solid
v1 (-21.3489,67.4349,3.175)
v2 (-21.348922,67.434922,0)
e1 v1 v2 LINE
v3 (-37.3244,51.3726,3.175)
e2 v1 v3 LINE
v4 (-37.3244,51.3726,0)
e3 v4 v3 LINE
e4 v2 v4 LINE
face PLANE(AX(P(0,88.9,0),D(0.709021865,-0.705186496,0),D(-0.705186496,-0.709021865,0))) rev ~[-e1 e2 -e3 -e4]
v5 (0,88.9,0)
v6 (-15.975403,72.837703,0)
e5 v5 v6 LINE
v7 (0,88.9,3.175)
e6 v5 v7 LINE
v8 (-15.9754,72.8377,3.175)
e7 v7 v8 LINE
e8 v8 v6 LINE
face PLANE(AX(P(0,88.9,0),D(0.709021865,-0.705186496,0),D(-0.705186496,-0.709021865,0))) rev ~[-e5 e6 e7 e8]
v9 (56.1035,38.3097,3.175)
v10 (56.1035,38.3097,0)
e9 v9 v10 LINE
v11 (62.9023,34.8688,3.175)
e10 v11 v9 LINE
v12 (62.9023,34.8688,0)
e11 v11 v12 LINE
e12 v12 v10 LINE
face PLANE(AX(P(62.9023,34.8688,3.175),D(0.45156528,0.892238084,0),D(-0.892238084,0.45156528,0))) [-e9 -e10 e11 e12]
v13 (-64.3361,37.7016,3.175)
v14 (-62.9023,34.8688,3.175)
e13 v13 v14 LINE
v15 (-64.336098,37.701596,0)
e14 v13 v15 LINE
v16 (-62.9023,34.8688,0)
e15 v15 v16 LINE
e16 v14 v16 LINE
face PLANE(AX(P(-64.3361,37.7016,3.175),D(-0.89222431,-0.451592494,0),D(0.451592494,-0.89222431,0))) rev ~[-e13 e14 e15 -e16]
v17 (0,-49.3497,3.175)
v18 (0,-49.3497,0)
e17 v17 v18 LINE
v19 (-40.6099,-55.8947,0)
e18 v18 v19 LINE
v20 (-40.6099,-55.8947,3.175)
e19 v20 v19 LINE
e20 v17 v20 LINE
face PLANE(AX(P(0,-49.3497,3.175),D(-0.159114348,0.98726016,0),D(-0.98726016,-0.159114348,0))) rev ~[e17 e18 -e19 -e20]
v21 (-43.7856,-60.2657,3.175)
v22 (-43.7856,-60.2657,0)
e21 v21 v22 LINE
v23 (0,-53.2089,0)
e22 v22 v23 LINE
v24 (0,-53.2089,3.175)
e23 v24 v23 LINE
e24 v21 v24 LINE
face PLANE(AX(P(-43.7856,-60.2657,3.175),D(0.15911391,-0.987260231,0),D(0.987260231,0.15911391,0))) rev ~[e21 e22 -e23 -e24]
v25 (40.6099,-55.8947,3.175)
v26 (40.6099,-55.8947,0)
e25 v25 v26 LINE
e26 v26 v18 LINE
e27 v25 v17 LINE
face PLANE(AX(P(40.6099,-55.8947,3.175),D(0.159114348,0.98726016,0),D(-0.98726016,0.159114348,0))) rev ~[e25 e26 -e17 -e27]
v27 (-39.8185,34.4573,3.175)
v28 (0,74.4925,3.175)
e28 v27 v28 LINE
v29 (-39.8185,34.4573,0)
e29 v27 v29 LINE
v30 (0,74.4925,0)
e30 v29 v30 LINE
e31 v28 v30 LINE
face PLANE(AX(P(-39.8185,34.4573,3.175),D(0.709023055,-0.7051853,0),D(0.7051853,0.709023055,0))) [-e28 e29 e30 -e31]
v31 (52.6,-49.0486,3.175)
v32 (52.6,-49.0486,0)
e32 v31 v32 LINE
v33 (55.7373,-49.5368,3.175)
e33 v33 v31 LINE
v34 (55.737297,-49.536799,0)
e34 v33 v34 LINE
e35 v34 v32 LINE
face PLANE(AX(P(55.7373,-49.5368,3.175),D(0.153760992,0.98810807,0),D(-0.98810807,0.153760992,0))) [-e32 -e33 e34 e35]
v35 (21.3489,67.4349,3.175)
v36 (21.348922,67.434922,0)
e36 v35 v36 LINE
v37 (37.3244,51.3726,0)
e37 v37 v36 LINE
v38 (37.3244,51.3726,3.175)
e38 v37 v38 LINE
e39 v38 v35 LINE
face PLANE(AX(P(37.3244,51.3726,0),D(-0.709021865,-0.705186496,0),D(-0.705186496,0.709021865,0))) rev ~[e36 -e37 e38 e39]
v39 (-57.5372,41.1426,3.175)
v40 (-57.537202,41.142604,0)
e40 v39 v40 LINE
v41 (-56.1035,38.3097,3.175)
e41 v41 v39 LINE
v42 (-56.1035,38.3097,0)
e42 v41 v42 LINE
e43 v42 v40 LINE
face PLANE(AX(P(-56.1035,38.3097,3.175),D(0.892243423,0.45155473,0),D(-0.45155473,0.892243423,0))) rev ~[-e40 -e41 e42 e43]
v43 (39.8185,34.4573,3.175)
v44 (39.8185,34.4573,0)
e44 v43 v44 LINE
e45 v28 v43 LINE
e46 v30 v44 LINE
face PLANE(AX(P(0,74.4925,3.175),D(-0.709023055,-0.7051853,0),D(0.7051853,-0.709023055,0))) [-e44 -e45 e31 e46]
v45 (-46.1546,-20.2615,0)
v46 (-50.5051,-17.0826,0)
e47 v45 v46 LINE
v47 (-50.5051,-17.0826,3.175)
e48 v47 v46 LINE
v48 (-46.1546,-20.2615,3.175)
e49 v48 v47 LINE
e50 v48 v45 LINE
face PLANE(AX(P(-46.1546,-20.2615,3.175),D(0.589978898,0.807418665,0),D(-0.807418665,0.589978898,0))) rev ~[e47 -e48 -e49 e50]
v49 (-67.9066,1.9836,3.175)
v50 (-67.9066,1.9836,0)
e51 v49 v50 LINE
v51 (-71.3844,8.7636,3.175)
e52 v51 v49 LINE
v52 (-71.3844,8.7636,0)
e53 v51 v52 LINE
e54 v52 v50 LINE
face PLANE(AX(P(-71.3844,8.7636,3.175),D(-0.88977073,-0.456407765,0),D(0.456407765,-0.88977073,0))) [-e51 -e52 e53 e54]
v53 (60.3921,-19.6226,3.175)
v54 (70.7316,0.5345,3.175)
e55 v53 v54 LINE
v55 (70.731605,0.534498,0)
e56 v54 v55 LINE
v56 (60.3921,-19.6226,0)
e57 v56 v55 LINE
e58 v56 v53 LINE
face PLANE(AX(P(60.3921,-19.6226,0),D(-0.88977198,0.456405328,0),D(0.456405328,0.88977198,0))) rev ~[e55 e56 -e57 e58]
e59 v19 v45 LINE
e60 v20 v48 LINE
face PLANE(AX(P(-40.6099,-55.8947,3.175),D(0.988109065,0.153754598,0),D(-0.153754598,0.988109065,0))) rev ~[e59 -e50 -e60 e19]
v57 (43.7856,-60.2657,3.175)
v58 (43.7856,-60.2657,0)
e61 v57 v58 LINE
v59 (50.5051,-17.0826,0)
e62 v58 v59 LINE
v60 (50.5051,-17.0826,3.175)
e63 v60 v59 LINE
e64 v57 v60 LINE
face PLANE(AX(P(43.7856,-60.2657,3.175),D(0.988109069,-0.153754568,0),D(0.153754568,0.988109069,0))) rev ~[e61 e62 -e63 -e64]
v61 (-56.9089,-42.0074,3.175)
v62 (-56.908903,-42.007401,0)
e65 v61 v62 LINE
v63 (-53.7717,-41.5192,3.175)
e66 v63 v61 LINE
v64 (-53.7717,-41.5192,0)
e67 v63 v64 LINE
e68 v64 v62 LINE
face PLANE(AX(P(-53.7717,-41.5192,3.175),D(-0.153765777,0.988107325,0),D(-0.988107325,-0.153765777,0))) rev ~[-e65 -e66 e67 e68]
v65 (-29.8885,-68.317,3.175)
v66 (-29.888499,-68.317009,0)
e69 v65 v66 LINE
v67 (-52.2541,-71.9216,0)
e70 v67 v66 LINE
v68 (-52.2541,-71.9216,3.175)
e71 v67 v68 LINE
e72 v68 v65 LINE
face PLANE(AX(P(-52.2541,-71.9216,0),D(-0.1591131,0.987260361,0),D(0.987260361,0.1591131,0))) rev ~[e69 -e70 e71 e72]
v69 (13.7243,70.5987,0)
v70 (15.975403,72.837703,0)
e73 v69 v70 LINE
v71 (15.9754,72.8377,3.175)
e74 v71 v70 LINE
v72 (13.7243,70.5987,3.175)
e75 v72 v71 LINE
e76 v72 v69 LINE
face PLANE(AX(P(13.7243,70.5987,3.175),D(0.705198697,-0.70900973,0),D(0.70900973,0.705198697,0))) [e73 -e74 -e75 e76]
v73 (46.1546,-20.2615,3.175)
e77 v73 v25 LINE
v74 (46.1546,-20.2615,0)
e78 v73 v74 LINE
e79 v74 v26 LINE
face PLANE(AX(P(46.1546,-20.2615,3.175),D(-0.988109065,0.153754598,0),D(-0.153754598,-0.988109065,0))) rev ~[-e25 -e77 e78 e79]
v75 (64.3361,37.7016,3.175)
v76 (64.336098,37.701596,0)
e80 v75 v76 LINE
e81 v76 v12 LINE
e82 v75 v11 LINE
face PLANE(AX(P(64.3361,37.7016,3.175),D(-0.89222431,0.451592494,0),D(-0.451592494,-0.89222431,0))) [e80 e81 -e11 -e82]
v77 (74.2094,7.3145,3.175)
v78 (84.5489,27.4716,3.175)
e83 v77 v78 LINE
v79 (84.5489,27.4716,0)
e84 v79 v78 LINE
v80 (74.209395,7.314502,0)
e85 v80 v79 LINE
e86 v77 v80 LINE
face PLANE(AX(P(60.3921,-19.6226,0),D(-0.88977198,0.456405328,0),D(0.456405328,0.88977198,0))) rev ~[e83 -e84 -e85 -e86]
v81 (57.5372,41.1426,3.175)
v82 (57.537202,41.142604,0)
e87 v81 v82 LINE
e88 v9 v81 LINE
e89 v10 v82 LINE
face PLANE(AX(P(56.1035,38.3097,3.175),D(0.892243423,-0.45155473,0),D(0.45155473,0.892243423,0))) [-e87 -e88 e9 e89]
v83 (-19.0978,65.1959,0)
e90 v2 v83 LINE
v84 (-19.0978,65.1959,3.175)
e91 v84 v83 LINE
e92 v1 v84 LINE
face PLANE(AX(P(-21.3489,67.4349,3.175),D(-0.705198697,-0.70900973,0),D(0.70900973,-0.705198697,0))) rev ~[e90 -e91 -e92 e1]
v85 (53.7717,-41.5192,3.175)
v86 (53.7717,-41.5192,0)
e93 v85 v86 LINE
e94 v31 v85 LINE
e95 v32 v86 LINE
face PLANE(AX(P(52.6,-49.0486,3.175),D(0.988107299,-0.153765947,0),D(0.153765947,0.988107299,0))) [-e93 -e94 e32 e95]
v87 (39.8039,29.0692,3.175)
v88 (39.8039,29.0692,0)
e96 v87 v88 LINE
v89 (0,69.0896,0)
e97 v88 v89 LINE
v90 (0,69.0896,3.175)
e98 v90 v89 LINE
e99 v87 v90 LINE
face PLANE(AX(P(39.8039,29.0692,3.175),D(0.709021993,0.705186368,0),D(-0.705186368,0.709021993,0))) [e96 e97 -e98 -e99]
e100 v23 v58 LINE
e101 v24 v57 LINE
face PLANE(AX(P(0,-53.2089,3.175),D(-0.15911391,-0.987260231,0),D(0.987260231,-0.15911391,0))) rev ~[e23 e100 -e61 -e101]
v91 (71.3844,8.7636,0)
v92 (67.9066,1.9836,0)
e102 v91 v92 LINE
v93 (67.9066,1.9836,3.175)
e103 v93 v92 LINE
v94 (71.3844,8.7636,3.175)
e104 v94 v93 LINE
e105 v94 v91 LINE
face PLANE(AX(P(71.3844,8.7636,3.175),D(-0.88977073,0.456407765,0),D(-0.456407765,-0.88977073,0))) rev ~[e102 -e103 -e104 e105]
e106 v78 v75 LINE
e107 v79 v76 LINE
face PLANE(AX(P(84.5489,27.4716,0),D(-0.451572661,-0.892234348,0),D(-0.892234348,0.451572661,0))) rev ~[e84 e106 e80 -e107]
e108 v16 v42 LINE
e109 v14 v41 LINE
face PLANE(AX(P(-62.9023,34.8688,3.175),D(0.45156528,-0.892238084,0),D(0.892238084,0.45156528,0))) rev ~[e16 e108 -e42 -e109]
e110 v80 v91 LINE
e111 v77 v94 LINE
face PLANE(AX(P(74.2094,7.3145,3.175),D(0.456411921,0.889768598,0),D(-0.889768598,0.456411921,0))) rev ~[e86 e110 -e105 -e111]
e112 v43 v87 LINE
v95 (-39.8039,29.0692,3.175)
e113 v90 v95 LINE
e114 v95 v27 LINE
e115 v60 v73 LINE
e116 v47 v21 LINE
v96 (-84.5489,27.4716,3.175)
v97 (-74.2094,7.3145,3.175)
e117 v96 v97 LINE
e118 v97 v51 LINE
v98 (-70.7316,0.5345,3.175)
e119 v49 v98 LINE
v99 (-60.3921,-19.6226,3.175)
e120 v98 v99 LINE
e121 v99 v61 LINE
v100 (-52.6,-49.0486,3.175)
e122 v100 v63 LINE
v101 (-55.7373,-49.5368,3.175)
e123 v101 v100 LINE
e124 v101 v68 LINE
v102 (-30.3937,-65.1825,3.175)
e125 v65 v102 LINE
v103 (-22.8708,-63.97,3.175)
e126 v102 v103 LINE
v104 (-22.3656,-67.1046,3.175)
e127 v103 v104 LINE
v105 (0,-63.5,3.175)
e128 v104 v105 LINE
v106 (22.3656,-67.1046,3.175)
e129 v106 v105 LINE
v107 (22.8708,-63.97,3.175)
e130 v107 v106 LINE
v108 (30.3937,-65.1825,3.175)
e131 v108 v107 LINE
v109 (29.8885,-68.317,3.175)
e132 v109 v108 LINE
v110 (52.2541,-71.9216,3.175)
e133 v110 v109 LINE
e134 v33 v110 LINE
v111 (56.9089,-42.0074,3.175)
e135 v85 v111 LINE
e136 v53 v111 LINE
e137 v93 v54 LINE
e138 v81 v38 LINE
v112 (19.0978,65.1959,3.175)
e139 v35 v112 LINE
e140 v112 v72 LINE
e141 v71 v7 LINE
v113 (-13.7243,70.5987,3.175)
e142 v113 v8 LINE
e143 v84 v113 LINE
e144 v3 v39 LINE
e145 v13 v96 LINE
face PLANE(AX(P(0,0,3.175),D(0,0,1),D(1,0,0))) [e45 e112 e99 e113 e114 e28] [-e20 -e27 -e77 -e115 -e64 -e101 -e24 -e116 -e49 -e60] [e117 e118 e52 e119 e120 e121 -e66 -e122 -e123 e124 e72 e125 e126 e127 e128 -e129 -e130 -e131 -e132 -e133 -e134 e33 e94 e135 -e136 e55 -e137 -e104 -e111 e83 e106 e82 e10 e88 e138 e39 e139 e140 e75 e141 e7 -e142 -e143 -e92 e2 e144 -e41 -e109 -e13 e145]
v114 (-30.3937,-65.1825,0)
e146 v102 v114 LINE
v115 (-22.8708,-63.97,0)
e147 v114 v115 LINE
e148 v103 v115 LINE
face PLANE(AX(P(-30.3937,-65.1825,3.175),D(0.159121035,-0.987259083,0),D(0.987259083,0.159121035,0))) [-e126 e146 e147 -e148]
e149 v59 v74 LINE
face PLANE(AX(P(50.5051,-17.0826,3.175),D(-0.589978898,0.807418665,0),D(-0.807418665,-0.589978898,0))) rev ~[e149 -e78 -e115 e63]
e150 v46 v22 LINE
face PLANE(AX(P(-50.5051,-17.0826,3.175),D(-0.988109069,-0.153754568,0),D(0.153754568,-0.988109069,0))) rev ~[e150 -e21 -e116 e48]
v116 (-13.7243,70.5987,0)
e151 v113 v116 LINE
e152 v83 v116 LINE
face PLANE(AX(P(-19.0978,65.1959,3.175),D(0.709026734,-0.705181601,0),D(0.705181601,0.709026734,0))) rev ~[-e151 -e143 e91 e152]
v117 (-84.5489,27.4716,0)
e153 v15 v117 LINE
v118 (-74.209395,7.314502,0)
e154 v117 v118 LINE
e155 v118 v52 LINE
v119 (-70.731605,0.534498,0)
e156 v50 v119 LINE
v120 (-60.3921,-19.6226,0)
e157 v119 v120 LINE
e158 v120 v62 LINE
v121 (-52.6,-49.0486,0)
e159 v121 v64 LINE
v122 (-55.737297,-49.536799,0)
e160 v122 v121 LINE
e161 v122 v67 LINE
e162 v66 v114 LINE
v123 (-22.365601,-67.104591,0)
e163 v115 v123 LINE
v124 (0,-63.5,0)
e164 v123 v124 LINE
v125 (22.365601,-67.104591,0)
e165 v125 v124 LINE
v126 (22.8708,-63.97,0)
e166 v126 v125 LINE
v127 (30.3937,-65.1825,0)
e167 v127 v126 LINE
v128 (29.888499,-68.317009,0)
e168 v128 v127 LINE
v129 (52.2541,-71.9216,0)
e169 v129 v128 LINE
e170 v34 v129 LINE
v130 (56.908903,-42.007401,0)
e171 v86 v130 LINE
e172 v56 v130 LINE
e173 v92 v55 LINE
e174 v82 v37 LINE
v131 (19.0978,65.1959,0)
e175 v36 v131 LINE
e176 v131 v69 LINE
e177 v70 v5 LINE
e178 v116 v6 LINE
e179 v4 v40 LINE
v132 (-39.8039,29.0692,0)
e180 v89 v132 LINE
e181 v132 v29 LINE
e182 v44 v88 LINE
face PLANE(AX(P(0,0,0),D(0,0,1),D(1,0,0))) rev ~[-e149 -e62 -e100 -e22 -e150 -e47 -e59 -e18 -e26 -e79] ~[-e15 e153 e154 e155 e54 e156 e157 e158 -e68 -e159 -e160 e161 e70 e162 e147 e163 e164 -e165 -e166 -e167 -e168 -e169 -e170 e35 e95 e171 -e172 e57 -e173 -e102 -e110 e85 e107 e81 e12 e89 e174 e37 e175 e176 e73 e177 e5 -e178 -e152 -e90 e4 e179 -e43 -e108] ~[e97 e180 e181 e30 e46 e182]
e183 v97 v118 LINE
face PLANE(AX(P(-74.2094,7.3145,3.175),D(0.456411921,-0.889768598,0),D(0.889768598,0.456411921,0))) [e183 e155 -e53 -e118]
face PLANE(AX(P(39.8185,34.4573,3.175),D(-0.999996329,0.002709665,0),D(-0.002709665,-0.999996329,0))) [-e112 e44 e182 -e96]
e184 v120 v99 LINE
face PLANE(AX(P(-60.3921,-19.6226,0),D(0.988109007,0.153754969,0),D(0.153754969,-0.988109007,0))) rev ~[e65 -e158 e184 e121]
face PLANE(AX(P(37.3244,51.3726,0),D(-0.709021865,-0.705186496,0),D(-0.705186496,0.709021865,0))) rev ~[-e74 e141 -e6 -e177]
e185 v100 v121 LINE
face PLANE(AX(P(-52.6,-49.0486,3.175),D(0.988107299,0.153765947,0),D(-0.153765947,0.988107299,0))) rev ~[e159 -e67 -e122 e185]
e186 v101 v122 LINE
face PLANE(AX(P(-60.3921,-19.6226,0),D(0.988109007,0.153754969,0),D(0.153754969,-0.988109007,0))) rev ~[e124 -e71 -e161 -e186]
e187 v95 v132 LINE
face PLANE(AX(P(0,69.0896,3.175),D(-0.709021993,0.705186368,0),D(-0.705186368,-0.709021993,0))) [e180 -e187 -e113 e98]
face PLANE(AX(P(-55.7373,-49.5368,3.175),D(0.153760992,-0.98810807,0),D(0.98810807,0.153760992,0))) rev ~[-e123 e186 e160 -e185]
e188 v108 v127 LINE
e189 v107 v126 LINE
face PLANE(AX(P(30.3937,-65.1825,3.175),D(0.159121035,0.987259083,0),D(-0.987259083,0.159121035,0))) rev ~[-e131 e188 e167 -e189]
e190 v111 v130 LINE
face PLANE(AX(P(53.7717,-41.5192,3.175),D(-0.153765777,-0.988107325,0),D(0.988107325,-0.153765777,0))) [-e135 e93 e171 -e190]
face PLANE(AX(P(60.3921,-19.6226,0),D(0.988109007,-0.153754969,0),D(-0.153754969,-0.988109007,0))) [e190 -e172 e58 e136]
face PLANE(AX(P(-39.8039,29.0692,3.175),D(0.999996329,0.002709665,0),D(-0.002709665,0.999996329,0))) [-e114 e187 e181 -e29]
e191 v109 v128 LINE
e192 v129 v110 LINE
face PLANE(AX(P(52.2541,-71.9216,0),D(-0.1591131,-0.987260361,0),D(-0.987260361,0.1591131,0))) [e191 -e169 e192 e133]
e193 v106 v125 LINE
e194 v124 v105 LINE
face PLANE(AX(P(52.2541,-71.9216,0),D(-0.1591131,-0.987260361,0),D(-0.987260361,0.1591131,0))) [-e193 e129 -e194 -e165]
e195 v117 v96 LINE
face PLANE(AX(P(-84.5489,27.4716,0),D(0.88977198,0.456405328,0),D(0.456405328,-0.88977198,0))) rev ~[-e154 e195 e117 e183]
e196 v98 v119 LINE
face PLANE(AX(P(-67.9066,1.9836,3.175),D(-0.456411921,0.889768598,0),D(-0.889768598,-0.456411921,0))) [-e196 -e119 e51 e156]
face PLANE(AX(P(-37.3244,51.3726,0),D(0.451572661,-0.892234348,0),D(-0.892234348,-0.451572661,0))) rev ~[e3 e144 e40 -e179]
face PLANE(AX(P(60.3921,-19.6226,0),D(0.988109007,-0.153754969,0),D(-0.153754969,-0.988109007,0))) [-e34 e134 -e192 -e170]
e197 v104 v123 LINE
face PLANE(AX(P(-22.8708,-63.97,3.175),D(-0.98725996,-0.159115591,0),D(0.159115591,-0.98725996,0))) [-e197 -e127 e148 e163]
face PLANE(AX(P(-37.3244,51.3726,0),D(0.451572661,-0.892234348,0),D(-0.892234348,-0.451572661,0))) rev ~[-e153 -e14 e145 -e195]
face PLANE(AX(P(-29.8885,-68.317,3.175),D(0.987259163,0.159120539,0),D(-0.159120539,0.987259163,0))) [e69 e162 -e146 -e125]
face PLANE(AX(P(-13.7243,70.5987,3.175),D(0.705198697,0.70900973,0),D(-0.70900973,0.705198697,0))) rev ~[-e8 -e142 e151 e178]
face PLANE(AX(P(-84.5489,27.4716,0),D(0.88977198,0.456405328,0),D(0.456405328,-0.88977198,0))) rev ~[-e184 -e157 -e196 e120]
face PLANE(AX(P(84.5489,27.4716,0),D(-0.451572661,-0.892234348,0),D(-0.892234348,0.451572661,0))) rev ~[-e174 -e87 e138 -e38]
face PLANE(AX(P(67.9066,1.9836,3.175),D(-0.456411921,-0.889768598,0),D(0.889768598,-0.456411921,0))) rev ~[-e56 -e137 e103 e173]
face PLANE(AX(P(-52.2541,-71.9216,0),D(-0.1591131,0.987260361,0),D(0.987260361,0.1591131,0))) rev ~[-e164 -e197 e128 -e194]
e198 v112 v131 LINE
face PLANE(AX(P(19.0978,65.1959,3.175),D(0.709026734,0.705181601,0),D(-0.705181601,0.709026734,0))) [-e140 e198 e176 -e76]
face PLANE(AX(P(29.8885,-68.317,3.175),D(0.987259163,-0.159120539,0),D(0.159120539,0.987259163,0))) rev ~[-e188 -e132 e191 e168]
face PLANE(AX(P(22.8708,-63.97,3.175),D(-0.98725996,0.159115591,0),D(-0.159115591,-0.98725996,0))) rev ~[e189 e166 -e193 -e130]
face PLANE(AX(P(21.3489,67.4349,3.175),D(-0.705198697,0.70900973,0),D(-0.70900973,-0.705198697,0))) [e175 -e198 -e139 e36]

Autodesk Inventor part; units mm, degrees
ref_plane "YZ Plane" through (0, 0, 0) normal (1, 0, 0) x (0, 1, 0)
ref_plane "XZ Plane" through (0, 0, 0) normal (0, 1, 0) x (-1, 0, 0)
ref_plane "XY Plane" through (0, 0, 0) normal (0, 0, 1) x (1, 0, 0)
sketch "Sketch1" plane through (0, 0, 0) normal (0, 0, 1) x (1, 0, 0)
  circle A0 centre (0, 0) radius 63.5 construction
  circle A1 centre (0, 0) radius 88.9 construction
  line L0 (0, 88.9) -> (-37.3244, 51.3726)
  line L1 (-37.3244, 51.3726) -> (-84.5489, 27.4716)
  line L2 (-84.5489, 27.4716) -> (-60.3921, -19.6226)
  line L3 (-60.3921, -19.6226) -> (-52.2541, -71.9216)
  line L4 (-52.2541, -71.9216) -> (0, -63.5)
  line L5 (52.2541, -71.9216) -> (0, -63.5)
  line L6 (60.3921, -19.6226) -> (52.2541, -71.9216)
  line L7 (60.3921, -19.6226) -> (84.5489, 27.4716)
  line L8 (84.5489, 27.4716) -> (37.3244, 51.3726)
  line L9 (37.3244, 51.3726) -> (0, 88.9)
  dimension "d0" = 127
  dimension "d1" = 177.8
  dimension "d4" = 360
  dimension "d8" = 360
extrude "Extrusion1" add sketch "Sketch1" along normal blind 3.175
sketch "Sketch2" plane through (0, 0, 3.175) normal (0, 0, 1) x (1, 0, 0)
  line L0 (37.3244, 51.3726) -> (0, 88.9) projected
  line L1 (84.5489, 27.4716) -> (37.3244, 51.3726) projected
  line L2 (60.3921, -19.6226) -> (84.5489, 27.4716) projected
  line L3 (52.2541, -71.9216) -> (60.3921, -19.6226) projected
  line L4 (0, -63.5) -> (52.2541, -71.9216) projected
  line L5 (-21.3489, 67.4349) -> (-19.0978, 65.1959)
  line L6 (-19.0978, 65.1959) -> (-13.7243, 70.5987)
  line L7 (-13.7243, 70.5987) -> (-15.9754, 72.8377)
  line L8 (-21.3489, 67.4349) -> (-15.9754, 72.8377)
  line L9 (0, 70.1363) -> (0, 60.325) construction
  line L10 (21.3489, 67.4349) -> (19.0978, 65.1959)
  line L11 (19.0978, 65.1959) -> (13.7243, 70.5987)
  line L12 (13.7243, 70.5987) -> (15.9754, 72.8377)
  line L13 (21.3489, 67.4349) -> (15.9754, 72.8377)
  line L14 (-64.3361, 37.7016) -> (-62.9023, 34.8688)
  line L15 (-62.9023, 34.8688) -> (-56.1035, 38.3097)
  line L16 (-56.1035, 38.3097) -> (-57.5372, 41.1426)
  line L17 (0, 0) -> (-84.5489, 27.4716) construction
  line L18 (-64.3361, 37.7016) -> (-57.5372, 41.1426)
  line L19 (-74.2094, 7.3145) -> (-71.3844, 8.7636)
  line L20 (-71.3844, 8.7636) -> (-67.9066, 1.9836)
  line L21 (-67.9066, 1.9836) -> (-70.7316, 0.5345)
  line L22 (-74.2094, 7.3145) -> (-70.7316, 0.5345)
  line L23 (-56.9089, -42.0074) -> (-55.7373, -49.5368)
  line L24 (-55.7373, -49.5368) -> (-52.6, -49.0486)
  line L25 (-52.6, -49.0486) -> (-53.7717, -41.5192)
  line L26 (-53.7717, -41.5192) -> (-56.9089, -42.0074)
  line L27 (-52.2541, -71.9216) -> (0, 0) construction
  line L28 (-22.3656, -67.1046) -> (-29.8885, -68.317)
  line L29 (-29.8885, -68.317) -> (-30.3937, -65.1825)
  line L30 (-30.3937, -65.1825) -> (-22.8708, -63.97)
  line L31 (-22.8708, -63.97) -> (-22.3656, -67.1046)
  line L32 (64.3361, 37.7016) -> (62.9023, 34.8688)
  line L33 (62.9023, 34.8688) -> (56.1035, 38.3097)
  line L34 (56.1035, 38.3097) -> (57.5372, 41.1426)
  line L35 (64.3361, 37.7016) -> (57.5372, 41.1426)
  line L36 (71.3844, 8.7636) -> (67.9066, 1.9836)
  line L37 (67.9066, 1.9836) -> (70.7316, 0.5345)
  line L38 (74.2094, 7.3145) -> (70.7316, 0.5345)
  line L39 (74.2094, 7.3145) -> (71.3844, 8.7636)
  line L40 (56.9089, -42.0074) -> (55.7373, -49.5368)
  line L41 (55.7373, -49.5368) -> (52.6, -49.0486)
  line L42 (52.6, -49.0486) -> (53.7717, -41.5192)
  line L43 (53.7717, -41.5192) -> (56.9089, -42.0074)
  line L44 (29.8885, -68.317) -> (30.3937, -65.1825)
  line L45 (22.3656, -67.1046) -> (29.8885, -68.317)
  line L46 (30.3937, -65.1825) -> (22.8708, -63.97)
  line L47 (22.8708, -63.97) -> (22.3656, -67.1046)
  line L48 (-37.3244, 51.3726) -> (-84.5489, 27.4716) projected
  line L49 (0, 88.9) -> (-37.3244, 51.3726) projected
  line L50 (-84.5489, 27.4716) -> (-60.3921, -19.6226) projected
  line L51 (-60.3921, -19.6226) -> (-52.2541, -71.9216) projected
  line L52 (-52.2541, -71.9216) -> (0, -63.5) projected
  point P0 (-18.6622, 70.1363)
  point P1 (18.6622, 70.1363)
  point P2 (60.9366, 39.4221)
  point P3 (72.4705, 3.9245)
  point P4 (56.3231, -45.7721)
  point P5 (-56.3231, -45.7721)
  point P6 (-72.4705, 3.9245)
  point P7 (-60.9366, 39.4221)
  point P8 (-26.1271, -67.7108)
  point P9 (26.1271, -67.7108)
  dimension "d12" = 3.81
  dimension "d13" = 3.81
  dimension "d14" = 3.175
  dimension "d15" = 3.81
  dimension "d16" = 7.62
  dimension "d18" = 3.81
extrude "Extrusion2" cut sketch "Sketch2" against normal blind 25.4 contours L10 L11 L12 L0 | L1 L32 L33 L34 | L7 L6 L5 L8 | L2 L37 L36 L39 | L16 L15 L14 L18 | L3 L41 L42 L43 | L19 L20 L21 L22 | L4 L47 L46 L44 | L26 L25 L24 L23 | L28 L29 L30 L31
sketch "Sketch3" plane through (0, 0, 0) normal (1, 0, 0) x (0, 1, 0)
  line L0 (0, 3.175) -> (0, 185.8962) construction
  line L1 (88.9, 0) -> (88.9, 3.175) projected
  point P0 (0, 0)
  point P1 (0.5345, 3.175)
  dimension "d22" = 88.9
  dimension "d23" = 182.7212
sketch "Sketch4" plane through (0, 0, 3.175) normal (0, 0, 1) x (1, 0, 0)
  line L0 (-39.8185, 34.4573) -> (0, 74.4925)
  line L1 (0, 74.4925) -> (39.8185, 34.4573)
  line L2 (39.8185, 34.4573) -> (39.8039, 29.0692)
  line L3 (39.8039, 29.0692) -> (0, 69.0896)
  line L4 (0, 69.0896) -> (-39.8039, 29.0692)
  line L5 (-39.8039, 29.0692) -> (-39.8185, 34.4573)
  line L6 (-21.3489, 67.4349) -> (-37.3244, 51.3726) projected
  line L7 (37.3244, 51.3726) -> (21.3489, 67.4349) projected
  line L8 (-50.5051, -17.0826) -> (-43.7856, -60.2657)
  line L9 (-43.7856, -60.2657) -> (0, -53.2089)
  line L10 (0, -53.2089) -> (43.7856, -60.2657)
  line L11 (43.7856, -60.2657) -> (50.5051, -17.0826)
  line L12 (50.5051, -17.0826) -> (46.1546, -20.2615)
  line L13 (46.1546, -20.2615) -> (40.6099, -55.8947)
  line L14 (40.6099, -55.8947) -> (0, -49.3497)
  line L15 (0, -49.3497) -> (-40.6099, -55.8947)
  line L16 (-40.6099, -55.8947) -> (-46.1546, -20.2615)
  line L17 (-46.1546, -20.2615) -> (-50.5051, -17.0826)
  line L18 (-55.7373, -49.5368) -> (-52.2541, -71.9216) projected
  line L19 (52.2541, -71.9216) -> (55.7373, -49.5368) projected
  line L20 (29.8885, -68.317) -> (52.2541, -71.9216) projected
  line L21 (0, -63.5) -> (22.3656, -67.1046) projected
  line L22 (-22.3656, -67.1046) -> (0, -63.5) projected
  line L23 (-52.2541, -71.9216) -> (-29.8885, -68.317) projected
  line L24 (-37.3244, 51.3726) -> (-57.5372, 41.1426) projected
  point P0 (0, 0)
  point P1 (-60.3921, -19.6226)
  point P2 (60.3921, -19.6226)
  dimension "d24" = 3.81
  dimension "d26" = 10.16
  dimension "d27" = 10.16
  dimension "d29" = 3.81
  dimension "d30" = 2.54
  dimension "d32" = 2.54
  dimension "d33" = 3.81
  dimension "d34" = 3.81
  dimension "d35" = 3.81
  dimension "d36" = 3.81
  dimension "d37" = 10.16
  dimension "d38" = 10.16
  dimension "d39" = 10.16
  dimension "d40" = 10.16
  dimension "d44" = 45
  dimension "d45" = 45
  dimension "d46" = 45
  dimension "d47" = 45
  dimension "d48" = 2.54
  dimension "d50" = 2.54
extrude "Extrusion3" cut sketch "Sketch4" against normal blind 25.4
properties part number "Star Base" material "Wood (Birch)"
